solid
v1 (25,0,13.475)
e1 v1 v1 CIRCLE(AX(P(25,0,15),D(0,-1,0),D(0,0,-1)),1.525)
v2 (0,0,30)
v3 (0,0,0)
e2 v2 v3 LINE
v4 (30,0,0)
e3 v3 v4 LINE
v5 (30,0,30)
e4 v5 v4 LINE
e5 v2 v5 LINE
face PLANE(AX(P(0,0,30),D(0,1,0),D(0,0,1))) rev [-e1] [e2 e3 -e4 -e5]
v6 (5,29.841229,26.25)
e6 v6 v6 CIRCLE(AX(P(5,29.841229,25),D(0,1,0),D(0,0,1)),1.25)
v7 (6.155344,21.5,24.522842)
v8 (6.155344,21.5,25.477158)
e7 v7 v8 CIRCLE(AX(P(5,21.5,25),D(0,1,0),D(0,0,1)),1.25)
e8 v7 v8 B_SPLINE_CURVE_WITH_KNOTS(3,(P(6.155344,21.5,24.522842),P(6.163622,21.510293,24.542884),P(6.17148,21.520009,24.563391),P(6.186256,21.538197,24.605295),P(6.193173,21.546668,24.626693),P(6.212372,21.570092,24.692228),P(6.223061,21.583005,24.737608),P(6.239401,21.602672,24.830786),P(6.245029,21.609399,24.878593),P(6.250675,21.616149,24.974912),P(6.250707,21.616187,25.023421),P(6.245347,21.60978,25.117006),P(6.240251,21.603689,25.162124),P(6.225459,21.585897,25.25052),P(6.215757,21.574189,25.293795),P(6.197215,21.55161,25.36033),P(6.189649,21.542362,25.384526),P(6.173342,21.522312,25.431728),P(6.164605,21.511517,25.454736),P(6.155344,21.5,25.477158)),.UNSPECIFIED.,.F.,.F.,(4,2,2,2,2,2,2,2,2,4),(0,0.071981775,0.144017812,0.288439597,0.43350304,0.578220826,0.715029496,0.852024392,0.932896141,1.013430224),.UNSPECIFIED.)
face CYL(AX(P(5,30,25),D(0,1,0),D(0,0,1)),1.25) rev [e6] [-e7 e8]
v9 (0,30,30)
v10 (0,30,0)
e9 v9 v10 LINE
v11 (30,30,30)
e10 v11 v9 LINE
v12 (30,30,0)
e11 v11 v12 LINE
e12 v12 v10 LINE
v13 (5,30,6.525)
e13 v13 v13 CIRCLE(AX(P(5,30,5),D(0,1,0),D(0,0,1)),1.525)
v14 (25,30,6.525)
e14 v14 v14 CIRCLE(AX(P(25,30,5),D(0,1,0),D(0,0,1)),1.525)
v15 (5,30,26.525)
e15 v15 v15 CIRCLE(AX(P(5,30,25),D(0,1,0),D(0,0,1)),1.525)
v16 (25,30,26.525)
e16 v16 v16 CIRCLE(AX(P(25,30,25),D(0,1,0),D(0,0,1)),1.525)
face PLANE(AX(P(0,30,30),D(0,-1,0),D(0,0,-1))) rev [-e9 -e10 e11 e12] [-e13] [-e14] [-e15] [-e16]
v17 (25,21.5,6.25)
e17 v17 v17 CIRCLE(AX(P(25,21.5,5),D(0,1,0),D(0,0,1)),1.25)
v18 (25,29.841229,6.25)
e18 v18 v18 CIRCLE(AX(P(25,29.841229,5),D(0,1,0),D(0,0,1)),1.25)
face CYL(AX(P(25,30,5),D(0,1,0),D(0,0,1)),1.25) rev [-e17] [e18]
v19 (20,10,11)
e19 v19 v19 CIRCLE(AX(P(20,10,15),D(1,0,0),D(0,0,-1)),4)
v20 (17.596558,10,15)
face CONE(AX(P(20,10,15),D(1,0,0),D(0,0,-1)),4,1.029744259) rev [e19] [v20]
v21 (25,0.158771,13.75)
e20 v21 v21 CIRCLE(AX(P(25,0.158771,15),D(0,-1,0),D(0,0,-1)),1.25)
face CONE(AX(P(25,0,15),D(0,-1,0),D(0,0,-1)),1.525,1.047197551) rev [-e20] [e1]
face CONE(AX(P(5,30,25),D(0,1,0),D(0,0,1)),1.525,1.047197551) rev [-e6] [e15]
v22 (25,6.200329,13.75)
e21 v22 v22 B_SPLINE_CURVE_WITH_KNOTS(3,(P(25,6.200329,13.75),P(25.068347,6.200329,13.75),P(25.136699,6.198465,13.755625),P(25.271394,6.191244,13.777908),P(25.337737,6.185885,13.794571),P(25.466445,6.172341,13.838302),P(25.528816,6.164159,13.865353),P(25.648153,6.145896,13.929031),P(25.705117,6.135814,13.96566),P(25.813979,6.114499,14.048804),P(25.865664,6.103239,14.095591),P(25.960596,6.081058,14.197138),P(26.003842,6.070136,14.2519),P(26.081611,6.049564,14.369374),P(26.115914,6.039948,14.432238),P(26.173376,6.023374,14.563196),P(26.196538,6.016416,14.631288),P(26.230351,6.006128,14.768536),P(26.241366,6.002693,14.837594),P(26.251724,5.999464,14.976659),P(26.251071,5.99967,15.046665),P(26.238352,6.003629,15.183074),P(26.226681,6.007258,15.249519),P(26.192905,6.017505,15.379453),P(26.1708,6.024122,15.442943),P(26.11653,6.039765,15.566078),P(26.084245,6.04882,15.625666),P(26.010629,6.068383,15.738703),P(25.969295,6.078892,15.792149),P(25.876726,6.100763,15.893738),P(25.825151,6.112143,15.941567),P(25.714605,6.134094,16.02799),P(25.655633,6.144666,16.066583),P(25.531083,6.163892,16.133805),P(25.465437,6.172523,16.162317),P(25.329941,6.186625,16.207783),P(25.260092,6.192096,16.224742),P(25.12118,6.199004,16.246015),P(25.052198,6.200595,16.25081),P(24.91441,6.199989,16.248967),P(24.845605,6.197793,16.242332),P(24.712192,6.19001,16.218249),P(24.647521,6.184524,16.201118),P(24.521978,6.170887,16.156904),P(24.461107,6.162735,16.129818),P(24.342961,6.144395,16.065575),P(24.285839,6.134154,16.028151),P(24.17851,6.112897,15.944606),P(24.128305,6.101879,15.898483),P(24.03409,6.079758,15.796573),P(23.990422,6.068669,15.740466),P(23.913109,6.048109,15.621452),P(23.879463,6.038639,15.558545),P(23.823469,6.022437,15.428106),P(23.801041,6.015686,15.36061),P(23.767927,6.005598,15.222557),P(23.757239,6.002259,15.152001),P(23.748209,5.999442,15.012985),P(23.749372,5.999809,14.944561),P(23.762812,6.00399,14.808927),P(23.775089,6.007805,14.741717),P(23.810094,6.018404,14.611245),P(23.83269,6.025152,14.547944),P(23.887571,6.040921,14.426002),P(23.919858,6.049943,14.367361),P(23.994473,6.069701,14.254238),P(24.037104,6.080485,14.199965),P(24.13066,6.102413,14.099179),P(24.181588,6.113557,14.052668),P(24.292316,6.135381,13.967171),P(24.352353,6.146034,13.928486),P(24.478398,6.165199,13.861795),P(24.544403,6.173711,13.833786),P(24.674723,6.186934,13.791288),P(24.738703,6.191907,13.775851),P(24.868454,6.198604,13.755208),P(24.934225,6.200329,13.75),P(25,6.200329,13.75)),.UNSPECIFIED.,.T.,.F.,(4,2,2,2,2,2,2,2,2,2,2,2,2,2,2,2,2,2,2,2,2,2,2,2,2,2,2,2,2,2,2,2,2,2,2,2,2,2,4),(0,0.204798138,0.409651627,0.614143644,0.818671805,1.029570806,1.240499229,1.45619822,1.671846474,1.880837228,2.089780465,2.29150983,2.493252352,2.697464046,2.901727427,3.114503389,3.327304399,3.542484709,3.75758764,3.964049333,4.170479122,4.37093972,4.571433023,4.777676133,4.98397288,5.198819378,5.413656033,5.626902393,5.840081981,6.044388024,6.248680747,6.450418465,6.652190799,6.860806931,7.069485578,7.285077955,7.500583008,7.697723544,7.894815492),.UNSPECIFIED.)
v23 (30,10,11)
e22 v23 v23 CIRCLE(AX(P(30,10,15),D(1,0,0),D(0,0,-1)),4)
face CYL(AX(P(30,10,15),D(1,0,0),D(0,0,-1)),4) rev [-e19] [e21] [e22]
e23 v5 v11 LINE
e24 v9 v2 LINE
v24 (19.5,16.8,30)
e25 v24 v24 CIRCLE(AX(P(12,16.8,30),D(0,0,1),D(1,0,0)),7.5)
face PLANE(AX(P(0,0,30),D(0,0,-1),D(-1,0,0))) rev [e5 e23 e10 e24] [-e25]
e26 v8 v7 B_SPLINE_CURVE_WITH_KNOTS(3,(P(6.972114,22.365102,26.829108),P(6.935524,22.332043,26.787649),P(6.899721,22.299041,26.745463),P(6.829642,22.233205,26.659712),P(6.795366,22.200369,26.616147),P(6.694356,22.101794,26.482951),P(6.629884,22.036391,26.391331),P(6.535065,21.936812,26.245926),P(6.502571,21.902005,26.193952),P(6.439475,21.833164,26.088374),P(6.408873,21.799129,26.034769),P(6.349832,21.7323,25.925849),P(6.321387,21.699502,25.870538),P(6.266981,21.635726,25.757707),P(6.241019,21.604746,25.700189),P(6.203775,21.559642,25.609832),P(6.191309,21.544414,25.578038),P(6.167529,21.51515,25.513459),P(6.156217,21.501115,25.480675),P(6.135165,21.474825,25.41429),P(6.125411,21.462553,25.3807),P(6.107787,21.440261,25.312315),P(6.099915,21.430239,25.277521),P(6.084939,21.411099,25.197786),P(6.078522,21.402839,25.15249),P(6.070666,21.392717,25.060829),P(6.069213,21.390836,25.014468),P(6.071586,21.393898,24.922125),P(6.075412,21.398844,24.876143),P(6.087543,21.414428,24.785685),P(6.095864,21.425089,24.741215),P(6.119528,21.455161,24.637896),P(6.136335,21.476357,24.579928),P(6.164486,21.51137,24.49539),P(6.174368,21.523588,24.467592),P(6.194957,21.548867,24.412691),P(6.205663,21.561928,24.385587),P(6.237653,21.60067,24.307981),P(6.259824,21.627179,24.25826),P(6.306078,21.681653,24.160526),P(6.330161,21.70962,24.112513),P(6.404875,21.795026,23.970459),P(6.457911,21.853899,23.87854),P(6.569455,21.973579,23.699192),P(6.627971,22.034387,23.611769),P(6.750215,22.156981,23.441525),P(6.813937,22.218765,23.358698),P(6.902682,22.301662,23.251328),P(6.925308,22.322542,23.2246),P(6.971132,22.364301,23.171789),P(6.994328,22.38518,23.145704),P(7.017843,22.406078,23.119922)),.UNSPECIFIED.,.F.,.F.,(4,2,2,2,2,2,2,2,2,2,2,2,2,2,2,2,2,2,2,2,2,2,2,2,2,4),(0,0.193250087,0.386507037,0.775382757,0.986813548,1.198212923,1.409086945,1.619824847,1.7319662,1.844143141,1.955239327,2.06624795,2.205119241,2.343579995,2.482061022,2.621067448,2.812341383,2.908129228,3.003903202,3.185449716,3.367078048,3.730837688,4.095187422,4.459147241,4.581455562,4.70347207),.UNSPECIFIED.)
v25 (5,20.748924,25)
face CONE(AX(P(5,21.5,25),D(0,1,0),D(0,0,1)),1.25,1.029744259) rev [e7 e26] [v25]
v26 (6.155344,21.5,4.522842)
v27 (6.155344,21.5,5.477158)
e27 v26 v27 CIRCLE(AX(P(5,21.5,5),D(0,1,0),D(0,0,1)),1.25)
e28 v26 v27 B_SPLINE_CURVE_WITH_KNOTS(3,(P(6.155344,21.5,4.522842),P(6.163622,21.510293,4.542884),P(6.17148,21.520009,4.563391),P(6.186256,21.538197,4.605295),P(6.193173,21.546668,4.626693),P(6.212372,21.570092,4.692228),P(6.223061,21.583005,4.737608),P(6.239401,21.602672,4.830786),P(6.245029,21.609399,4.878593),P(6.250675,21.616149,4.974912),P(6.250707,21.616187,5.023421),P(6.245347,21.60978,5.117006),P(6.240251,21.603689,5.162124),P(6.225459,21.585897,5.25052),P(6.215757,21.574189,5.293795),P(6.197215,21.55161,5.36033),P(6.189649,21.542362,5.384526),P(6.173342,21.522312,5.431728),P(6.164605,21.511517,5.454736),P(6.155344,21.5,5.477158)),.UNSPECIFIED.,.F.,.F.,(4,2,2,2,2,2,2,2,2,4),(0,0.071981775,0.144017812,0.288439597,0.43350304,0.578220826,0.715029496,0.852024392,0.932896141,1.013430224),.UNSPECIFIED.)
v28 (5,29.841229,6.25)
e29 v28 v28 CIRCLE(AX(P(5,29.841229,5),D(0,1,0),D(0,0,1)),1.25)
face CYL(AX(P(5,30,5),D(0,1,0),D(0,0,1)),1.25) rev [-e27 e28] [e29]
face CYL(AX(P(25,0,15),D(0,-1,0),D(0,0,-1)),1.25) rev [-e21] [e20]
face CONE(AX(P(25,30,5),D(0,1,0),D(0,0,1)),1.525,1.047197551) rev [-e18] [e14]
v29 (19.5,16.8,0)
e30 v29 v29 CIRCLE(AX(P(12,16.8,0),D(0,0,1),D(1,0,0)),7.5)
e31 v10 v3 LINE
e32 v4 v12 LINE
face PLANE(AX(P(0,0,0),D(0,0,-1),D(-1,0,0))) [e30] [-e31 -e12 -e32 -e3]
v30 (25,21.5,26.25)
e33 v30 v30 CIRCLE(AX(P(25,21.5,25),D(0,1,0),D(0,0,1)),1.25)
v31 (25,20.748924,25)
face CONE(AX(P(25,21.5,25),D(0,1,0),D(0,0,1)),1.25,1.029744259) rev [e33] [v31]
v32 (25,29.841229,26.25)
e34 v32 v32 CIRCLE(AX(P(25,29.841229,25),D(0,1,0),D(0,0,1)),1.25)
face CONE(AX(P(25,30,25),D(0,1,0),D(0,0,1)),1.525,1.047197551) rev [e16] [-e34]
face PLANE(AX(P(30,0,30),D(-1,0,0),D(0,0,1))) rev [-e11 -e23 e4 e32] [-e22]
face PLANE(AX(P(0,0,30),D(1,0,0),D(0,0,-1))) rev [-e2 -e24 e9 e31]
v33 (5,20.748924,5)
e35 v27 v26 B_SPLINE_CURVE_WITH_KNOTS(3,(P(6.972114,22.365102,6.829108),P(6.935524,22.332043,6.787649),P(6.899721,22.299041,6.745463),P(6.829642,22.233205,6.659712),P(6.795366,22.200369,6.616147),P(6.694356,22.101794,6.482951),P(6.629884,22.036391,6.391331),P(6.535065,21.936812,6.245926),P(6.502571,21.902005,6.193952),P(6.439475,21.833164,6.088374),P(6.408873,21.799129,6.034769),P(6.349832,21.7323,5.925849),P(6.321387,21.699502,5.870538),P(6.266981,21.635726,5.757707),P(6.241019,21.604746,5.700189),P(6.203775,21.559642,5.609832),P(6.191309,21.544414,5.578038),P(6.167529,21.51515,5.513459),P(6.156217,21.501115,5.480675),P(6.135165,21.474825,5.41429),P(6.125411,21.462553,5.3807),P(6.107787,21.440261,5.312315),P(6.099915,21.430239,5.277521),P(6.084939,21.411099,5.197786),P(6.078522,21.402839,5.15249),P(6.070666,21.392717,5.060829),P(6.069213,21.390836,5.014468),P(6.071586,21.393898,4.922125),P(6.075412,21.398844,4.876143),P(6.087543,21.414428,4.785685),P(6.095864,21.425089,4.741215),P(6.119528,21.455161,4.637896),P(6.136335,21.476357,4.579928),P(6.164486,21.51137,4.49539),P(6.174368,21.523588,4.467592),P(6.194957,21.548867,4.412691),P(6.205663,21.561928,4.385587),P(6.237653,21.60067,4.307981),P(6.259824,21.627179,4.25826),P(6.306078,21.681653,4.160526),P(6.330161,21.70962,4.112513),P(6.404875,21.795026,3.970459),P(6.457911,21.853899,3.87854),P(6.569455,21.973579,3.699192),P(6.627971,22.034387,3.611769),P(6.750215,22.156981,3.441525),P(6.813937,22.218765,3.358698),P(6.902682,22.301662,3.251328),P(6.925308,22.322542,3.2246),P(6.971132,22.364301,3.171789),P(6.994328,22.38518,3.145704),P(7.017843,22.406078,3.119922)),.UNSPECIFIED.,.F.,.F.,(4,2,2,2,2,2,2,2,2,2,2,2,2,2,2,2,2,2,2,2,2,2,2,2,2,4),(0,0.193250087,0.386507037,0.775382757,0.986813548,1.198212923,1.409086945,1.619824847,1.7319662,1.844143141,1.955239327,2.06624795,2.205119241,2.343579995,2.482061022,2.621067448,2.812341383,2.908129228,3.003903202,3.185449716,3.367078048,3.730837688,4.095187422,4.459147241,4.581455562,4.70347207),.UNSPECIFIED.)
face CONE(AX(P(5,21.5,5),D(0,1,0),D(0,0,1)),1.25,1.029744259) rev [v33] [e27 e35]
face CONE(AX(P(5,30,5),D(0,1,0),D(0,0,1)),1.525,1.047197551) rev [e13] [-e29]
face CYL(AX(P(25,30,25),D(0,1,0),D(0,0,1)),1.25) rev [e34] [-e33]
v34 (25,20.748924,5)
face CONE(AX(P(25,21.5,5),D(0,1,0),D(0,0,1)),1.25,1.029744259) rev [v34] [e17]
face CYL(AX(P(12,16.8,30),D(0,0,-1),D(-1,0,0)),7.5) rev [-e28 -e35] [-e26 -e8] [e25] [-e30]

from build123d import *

# Parameters (mm, degrees)
SCHIZZO1_W                      = 30
SCHIZZO1_H                      = 30
SCHIZZO1_R                      = 7.5
ESTRUSIONE_ESTRUSIONE1_DEPTH    = 30
FORO_8_0_8_1_D                  = 8
FORO_8_0_8_1_DEPTH              = 10
FORO_8_0_8_1_TIP                = 2.403442476
FORO_FILETTATO_M3_1_AT_2_COUNT  = 2
FORO_FILETTATO_M3_1_AT_2_PITCH  = 20
FORO_FILETTATO_M3_2_D           = 2.5
FORO_FILETTATO_M3_2_DEPTH       = 8.5
FORO_FILETTATO_M3_2_CSINK_D     = 3.05
FORO_FILETTATO_M3_2_CSINK_ANGLE = 120
FORO_FILETTATO_M3_2_TIP         = 0.751075774


with BuildPart() as part:
    # Schizzo1 → Estrusione-Estrusione1 (new body)
    with BuildSketch(Plane.XY):
        with Locations((15, 15)):
            Rectangle(SCHIZZO1_W, SCHIZZO1_H)
        with Locations((12, 16.8)):
            Circle(SCHIZZO1_R, mode=Mode.SUBTRACT)
    extrude(amount=ESTRUSIONE_ESTRUSIONE1_DEPTH)

    # Foro Ø8.0 (8)-1
    with Locations(Plane(origin=(30, 0, 0), x_dir=(0, 0, -1), z_dir=(1, 0, 0))):
        with Locations((-15, 10)):
            Hole(FORO_8_0_8_1_D / 2, depth=FORO_8_0_8_1_DEPTH)
            with Locations((0, 0, -(FORO_8_0_8_1_DEPTH + FORO_8_0_8_1_TIP / 2))):  # 118° drill point
                Cone(0, FORO_8_0_8_1_D / 2, FORO_8_0_8_1_TIP, mode=Mode.SUBTRACT)

    # Schizzo7 → Foro filettato M3-1 (revolve, cut)
    with BuildSketch(Plane(origin=(5, 30, 25), x_dir=(0, 0, 1), z_dir=(1, 0, 0))):
        Polygon((0, 0), (0, 9.251075774), (1.25, 8.5), (1.25, 0.158771324), (1.525, 0), align=None)
    foro_filettato_m3_1 = revolve(axis=Axis((5, 36.35, 25), (0, -1, 0)), mode=Mode.SUBTRACT)

    # Foro filettato M3-1 at 2: Foro filettato M3-1 ×2
    with Locations(*[(i * FORO_FILETTATO_M3_1_AT_2_PITCH, 0, 0) for i in range(1, FORO_FILETTATO_M3_1_AT_2_COUNT)]):
        add(foro_filettato_m3_1, mode=Mode.SUBTRACT)

    # Specchia1: Foro filettato M3-1 across plane
    add(foro_filettato_m3_1.mirror(Plane.XY.offset(15)), mode=Mode.SUBTRACT)

    # Specchia1 copy 1 sketch → Specchia1 copy 1 (revolve, cut)
    with BuildSketch(Plane(origin=(25, 30, 5), x_dir=(0, 0, -1), z_dir=(1, 0, 0))):
        Polygon((0, 0), (0, -9.251075774), (1.25, -8.5), (1.25, -0.158771324), (1.525, 0), align=None)
    revolve(axis=Axis((25, 36.35, 5), (0, 1, 0)), mode=Mode.SUBTRACT)

    # Foro filettato M3-2
    with Locations(Plane(origin=(0, 0, 0), x_dir=(-1, 0, 0), z_dir=(0, -1, 0))):
        with Locations((-25, -15)):
            CounterSinkHole(FORO_FILETTATO_M3_2_D / 2, FORO_FILETTATO_M3_2_CSINK_D / 2, depth=FORO_FILETTATO_M3_2_DEPTH, counter_sink_angle=FORO_FILETTATO_M3_2_CSINK_ANGLE)
            with Locations((0, 0, -(FORO_FILETTATO_M3_2_DEPTH + FORO_FILETTATO_M3_2_TIP / 2))):  # 118° drill point
                Cone(0, FORO_FILETTATO_M3_2_D / 2, FORO_FILETTATO_M3_2_TIP, mode=Mode.SUBTRACT)


solid = part.part
